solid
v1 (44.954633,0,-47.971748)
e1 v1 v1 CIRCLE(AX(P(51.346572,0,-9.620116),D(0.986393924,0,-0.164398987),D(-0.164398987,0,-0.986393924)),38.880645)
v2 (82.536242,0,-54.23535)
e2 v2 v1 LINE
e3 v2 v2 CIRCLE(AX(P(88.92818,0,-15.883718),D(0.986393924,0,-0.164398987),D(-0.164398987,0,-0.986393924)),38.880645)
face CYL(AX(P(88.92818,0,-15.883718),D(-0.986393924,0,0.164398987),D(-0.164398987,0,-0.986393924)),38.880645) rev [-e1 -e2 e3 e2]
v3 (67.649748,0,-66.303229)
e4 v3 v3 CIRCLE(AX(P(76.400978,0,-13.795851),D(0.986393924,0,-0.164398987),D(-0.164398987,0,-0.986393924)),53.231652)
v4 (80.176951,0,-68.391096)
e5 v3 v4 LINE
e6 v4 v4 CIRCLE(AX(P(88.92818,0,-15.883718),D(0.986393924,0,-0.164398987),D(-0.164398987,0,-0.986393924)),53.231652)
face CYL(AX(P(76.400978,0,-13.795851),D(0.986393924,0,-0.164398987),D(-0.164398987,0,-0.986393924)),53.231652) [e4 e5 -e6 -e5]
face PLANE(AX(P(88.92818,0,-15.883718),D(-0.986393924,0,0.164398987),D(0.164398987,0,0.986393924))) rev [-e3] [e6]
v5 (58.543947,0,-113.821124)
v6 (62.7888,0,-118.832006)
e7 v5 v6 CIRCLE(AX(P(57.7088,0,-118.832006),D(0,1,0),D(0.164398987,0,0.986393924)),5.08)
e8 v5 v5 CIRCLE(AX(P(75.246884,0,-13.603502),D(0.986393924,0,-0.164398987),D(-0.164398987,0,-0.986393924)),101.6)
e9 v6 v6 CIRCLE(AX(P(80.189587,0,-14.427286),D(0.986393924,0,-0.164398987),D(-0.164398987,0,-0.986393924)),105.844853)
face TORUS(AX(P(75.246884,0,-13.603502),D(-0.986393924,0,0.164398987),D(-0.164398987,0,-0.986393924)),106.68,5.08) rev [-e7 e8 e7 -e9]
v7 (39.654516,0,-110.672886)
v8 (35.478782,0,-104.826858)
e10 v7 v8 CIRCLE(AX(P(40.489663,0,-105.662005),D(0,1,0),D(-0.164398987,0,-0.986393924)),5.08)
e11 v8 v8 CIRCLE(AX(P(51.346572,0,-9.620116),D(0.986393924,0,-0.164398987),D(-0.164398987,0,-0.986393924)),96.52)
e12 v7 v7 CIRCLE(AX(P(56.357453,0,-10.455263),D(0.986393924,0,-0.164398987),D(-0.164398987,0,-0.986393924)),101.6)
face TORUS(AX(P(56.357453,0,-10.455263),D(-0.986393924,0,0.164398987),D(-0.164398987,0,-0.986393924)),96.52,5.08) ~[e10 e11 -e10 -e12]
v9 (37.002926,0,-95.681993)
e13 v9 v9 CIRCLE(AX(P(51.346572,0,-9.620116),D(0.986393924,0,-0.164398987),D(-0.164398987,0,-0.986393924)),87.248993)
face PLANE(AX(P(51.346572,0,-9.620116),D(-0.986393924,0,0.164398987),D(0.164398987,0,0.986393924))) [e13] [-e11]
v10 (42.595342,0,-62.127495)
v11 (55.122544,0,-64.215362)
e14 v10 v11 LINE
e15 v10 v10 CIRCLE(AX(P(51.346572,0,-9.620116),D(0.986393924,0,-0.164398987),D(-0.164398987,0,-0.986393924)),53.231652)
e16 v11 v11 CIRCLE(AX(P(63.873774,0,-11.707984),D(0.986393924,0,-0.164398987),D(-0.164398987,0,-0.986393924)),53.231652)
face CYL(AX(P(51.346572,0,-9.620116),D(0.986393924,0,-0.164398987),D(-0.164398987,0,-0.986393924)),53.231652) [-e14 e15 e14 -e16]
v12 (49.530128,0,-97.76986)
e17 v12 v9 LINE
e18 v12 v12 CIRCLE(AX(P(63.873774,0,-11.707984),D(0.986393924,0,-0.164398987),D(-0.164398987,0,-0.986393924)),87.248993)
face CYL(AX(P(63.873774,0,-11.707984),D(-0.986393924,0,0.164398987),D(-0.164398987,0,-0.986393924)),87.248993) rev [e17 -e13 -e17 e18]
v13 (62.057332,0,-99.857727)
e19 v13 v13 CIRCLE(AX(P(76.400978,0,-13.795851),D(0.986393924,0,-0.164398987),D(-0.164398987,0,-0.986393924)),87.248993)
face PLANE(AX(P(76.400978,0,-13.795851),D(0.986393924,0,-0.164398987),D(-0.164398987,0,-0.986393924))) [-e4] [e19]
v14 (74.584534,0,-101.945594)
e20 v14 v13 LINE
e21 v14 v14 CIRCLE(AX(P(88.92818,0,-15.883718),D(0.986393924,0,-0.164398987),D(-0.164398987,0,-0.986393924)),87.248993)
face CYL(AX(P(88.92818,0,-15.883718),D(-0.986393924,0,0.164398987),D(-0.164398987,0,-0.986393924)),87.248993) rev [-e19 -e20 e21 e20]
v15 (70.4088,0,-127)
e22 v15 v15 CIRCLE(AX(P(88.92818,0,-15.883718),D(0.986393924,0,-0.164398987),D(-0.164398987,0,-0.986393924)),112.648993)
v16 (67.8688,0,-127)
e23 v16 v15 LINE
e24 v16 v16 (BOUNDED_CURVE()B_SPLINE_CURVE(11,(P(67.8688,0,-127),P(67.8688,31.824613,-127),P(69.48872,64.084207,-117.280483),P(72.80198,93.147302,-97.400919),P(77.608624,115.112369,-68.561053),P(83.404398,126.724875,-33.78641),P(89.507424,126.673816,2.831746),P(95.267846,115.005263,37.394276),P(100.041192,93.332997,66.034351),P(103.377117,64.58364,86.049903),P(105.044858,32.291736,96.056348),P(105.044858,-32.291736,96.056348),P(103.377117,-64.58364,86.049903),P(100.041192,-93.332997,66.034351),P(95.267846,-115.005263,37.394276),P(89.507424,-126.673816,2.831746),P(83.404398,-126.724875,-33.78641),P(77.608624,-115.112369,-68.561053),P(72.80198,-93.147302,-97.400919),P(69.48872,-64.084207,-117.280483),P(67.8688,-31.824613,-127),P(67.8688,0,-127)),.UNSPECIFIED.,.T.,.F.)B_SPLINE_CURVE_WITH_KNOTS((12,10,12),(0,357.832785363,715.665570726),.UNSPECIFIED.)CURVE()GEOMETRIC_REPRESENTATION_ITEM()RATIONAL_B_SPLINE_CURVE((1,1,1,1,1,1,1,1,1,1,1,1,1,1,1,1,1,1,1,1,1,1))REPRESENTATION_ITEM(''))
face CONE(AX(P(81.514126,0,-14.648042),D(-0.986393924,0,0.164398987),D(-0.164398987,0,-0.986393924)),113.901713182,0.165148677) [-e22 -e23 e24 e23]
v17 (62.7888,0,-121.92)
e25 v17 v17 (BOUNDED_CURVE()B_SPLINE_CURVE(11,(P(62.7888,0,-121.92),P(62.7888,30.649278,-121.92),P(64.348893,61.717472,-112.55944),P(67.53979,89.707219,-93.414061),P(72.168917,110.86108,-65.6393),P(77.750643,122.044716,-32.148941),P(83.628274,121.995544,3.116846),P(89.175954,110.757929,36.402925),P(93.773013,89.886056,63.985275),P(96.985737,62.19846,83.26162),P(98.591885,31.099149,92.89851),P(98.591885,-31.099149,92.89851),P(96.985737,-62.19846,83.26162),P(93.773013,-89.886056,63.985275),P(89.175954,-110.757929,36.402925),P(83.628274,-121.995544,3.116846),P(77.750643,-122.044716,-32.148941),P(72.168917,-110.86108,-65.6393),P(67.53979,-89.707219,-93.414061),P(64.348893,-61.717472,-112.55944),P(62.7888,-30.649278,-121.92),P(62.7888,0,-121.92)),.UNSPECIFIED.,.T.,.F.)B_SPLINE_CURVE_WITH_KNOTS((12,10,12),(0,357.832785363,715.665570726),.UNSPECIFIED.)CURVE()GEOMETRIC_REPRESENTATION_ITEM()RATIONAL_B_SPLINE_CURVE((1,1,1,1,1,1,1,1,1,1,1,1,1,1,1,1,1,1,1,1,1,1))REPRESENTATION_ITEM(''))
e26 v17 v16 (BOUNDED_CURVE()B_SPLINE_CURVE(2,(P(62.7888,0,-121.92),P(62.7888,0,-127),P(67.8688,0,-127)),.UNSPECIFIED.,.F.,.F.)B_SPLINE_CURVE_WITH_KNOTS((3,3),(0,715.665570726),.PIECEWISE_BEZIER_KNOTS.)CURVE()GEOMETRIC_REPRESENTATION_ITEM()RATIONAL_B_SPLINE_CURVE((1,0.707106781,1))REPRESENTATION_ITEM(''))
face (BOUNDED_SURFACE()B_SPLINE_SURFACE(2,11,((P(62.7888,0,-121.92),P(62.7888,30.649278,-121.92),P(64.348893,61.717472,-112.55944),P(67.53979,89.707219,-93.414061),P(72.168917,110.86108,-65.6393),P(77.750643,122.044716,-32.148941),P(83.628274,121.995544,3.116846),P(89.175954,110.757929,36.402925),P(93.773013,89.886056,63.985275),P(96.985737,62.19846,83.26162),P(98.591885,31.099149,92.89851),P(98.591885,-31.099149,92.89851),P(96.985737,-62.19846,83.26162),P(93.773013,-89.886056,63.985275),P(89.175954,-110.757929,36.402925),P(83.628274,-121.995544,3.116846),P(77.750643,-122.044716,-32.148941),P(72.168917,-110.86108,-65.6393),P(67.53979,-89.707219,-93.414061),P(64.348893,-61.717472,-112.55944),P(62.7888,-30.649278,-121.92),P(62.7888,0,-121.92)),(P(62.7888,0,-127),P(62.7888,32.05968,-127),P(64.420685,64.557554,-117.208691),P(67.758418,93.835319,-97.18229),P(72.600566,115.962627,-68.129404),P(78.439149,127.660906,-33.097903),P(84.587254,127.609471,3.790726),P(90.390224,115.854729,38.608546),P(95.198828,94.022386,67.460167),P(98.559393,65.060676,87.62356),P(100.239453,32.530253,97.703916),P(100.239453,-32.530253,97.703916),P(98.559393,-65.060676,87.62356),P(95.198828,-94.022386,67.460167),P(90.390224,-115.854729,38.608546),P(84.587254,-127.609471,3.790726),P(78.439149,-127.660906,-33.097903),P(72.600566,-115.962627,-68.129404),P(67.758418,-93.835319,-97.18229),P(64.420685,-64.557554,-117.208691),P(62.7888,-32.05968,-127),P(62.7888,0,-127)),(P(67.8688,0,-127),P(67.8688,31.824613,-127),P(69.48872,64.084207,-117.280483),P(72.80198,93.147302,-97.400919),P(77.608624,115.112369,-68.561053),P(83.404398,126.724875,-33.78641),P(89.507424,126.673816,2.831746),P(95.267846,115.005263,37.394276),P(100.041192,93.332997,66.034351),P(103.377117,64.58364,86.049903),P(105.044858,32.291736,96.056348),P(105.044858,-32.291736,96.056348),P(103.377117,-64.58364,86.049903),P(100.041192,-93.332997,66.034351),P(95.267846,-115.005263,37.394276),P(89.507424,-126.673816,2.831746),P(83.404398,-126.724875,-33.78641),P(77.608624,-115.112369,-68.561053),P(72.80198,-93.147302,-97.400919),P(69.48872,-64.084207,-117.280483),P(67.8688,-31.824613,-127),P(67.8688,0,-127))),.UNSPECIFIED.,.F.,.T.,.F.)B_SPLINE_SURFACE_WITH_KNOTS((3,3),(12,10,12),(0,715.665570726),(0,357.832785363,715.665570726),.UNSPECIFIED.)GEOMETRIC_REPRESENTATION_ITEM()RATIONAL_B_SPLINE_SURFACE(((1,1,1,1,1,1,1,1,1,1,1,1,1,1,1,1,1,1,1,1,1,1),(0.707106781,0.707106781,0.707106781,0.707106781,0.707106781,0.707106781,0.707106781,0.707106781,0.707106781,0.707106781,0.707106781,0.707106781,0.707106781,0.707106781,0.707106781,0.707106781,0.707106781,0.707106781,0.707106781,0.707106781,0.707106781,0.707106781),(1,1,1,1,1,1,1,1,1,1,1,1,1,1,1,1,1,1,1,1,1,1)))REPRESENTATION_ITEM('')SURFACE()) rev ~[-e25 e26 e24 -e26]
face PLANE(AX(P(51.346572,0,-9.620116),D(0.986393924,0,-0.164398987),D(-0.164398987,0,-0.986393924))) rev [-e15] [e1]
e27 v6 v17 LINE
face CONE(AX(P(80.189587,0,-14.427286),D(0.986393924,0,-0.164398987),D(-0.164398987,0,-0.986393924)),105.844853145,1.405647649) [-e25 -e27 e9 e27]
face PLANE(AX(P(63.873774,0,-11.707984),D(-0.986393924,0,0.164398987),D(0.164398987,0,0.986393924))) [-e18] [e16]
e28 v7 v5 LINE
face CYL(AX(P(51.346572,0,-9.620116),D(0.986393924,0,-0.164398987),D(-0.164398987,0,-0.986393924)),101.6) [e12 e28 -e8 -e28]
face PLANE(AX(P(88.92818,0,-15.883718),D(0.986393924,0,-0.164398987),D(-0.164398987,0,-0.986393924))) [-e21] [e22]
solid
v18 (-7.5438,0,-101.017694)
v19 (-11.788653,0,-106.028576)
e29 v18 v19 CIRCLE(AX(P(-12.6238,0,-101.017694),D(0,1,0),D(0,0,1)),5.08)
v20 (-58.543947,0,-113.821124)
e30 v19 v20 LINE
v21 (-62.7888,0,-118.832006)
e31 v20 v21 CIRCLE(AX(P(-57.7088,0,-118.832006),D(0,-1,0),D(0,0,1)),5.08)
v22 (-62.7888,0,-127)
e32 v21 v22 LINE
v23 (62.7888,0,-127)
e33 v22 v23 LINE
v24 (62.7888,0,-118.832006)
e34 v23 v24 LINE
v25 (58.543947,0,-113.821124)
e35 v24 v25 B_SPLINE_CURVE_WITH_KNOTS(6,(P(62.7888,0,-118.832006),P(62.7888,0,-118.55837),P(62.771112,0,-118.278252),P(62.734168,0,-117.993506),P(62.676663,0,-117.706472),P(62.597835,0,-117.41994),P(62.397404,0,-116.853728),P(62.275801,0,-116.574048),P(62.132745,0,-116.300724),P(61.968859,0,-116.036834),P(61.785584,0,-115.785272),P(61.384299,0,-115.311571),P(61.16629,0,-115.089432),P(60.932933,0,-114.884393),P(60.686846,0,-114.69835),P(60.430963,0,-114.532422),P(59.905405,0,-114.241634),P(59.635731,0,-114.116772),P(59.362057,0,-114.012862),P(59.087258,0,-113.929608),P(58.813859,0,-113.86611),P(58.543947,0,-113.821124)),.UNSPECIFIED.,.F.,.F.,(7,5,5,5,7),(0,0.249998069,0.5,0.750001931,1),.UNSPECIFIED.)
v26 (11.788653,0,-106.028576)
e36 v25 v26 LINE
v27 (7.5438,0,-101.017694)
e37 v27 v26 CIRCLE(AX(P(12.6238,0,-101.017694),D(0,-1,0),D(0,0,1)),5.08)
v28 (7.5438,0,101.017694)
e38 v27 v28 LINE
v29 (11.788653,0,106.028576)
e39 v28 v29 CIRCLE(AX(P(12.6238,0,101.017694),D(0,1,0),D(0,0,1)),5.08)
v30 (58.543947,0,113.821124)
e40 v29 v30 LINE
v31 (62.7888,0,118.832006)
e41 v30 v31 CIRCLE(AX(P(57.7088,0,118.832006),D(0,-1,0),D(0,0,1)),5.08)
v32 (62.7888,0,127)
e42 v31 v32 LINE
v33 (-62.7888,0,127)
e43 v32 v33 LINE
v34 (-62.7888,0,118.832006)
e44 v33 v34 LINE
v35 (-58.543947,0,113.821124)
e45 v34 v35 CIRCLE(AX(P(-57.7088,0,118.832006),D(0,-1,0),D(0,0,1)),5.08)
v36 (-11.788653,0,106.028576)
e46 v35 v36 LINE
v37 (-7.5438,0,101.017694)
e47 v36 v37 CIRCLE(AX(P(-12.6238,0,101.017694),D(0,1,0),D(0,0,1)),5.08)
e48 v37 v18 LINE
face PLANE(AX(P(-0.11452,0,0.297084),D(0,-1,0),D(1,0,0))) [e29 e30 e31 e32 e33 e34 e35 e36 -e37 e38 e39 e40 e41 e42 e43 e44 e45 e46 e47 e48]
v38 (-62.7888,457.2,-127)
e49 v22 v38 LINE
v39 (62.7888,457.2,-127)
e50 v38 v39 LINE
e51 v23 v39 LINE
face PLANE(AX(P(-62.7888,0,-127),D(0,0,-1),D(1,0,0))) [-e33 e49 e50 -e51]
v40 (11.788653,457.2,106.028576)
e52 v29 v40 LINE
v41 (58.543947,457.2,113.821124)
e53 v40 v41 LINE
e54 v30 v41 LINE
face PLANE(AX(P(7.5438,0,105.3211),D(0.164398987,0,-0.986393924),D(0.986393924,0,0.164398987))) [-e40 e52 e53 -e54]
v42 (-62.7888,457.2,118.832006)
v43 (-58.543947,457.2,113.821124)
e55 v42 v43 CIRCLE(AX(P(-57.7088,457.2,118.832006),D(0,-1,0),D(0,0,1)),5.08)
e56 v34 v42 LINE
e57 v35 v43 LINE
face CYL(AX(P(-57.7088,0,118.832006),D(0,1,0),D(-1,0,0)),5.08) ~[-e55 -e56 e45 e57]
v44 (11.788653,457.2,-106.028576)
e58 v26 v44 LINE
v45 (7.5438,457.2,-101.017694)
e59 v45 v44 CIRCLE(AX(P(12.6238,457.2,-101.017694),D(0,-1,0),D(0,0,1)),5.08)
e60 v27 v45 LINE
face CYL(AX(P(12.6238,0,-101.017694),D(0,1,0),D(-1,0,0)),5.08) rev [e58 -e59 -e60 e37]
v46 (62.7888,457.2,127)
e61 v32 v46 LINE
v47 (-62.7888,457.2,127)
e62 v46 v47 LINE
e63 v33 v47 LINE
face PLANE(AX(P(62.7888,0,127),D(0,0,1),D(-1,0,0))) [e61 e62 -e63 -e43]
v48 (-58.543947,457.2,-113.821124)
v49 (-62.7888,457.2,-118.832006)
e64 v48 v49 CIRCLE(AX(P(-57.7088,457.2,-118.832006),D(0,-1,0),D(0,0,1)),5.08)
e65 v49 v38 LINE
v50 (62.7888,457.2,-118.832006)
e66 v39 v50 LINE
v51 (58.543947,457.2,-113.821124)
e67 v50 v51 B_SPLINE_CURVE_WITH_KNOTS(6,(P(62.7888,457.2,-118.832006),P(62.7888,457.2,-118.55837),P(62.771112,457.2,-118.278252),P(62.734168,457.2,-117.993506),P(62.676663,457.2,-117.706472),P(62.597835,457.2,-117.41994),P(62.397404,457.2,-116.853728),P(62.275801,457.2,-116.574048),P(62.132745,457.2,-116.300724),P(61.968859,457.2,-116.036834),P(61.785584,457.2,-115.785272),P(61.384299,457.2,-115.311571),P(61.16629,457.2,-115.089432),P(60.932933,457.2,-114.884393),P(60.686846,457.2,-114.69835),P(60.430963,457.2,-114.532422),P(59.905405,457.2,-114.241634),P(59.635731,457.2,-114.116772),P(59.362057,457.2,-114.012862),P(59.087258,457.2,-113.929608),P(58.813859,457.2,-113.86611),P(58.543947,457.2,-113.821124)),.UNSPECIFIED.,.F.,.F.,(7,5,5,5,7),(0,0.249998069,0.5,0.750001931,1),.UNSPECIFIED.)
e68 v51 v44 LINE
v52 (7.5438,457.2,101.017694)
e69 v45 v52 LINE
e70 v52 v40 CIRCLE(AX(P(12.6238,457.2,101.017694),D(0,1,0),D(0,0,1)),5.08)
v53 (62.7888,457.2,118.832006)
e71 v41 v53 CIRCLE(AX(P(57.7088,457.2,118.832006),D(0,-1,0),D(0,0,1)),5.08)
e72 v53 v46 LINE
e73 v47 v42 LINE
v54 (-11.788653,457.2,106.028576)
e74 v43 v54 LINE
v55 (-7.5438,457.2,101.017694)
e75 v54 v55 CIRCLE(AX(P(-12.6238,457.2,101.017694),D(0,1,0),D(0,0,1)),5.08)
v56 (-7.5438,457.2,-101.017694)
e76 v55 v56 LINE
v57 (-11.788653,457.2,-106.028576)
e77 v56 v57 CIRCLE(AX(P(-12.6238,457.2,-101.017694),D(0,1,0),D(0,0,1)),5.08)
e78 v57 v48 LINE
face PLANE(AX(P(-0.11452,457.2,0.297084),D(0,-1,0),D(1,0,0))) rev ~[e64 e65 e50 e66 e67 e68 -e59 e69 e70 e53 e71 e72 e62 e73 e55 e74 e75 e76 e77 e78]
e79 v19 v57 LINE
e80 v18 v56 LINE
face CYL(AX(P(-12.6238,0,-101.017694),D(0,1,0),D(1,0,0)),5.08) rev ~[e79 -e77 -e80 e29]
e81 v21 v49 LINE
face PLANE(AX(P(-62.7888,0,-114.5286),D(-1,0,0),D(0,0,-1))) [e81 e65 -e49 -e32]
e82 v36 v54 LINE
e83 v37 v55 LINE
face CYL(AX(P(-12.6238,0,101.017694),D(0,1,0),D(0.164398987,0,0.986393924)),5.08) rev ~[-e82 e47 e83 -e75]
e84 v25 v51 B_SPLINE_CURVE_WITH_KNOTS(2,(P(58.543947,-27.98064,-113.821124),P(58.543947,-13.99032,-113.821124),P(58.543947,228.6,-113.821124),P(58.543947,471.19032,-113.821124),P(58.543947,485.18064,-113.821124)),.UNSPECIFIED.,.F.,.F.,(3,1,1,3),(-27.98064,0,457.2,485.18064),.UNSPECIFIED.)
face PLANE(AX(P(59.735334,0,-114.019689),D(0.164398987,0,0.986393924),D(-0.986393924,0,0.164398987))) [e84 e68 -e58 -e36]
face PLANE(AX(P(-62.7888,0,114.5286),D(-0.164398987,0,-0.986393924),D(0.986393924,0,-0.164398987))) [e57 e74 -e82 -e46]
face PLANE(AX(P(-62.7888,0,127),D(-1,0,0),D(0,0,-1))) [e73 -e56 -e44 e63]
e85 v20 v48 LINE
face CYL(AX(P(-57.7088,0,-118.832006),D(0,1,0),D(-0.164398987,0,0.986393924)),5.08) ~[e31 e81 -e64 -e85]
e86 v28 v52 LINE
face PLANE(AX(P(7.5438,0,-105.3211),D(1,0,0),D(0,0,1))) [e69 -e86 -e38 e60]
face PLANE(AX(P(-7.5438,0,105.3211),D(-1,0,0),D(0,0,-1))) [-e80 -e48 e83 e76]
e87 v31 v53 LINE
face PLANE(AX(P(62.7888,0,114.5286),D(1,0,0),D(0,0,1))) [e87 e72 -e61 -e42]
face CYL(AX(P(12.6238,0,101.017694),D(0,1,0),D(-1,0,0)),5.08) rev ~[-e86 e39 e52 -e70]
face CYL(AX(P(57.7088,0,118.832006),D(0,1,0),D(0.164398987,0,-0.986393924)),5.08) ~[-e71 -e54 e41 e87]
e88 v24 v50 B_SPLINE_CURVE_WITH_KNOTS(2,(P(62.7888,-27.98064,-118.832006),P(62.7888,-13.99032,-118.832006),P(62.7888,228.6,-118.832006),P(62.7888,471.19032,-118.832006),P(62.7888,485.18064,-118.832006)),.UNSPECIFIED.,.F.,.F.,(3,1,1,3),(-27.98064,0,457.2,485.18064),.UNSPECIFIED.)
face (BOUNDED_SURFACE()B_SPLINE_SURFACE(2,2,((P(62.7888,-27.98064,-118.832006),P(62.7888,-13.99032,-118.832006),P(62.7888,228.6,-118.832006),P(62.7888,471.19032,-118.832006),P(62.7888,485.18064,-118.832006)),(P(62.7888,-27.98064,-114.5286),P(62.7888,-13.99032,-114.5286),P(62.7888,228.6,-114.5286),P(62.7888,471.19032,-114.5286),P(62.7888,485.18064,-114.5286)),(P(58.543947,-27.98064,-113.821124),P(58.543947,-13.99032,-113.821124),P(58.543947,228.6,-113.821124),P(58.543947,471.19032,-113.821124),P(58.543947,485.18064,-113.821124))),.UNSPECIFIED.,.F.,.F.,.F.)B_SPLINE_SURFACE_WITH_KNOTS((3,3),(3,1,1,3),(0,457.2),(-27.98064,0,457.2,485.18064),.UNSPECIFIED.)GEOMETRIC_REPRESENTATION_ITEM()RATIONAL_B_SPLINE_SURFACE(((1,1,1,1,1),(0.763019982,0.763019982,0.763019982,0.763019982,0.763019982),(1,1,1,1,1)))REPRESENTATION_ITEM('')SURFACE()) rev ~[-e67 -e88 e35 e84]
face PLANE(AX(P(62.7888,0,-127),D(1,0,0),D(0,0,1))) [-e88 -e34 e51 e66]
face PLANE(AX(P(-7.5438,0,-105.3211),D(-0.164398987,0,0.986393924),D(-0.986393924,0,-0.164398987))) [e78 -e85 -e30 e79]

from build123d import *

# Parameters (mm, degrees)
F1_DEPTH = 457.2
F2_R     = 5.08
F5_R     = 5.08


with BuildPart() as f1:
    # F0 (on Front) → F1 (new body)
    with BuildSketch(Plane.XZ):
        Polygon((7.5438, -105.3211), (7.5438, 105.3211), (47.5488, 111.9886), (47.5488, 114.5286), (62.7888, 114.5286), (62.7888, 127), (-62.7888, 127), (-62.7888, 114.5286), (-47.5488, 114.5286), (-47.5488, 111.9886), (-7.5438, 105.3211), (-7.5438, -105.3211), (-47.5488, -111.9886), (-47.5488, -114.5286), (-62.7888, -114.5286), (-62.7888, -127), (62.7888, -127), (62.7888, -114.5286), (59.7353338065, -114.0196889677), align=None)
        Polygon((47.5488, 114.5286), (47.5488, 111.9886), (62.7888, 114.5286), align=None)
        Polygon((-47.5488, 114.5286), (-62.7888, 114.5286), (-47.5488, 111.9886), align=None)
        Polygon((-47.5488, -111.9886), (-62.7888, -114.5286), (-47.5488, -114.5286), align=None)
    extrude(amount=-F1_DEPTH)

    # F2
    f2_edges = [f1.edges().sort_by_distance(p)[0] for p in [
        (7.5438, 228.6, -105.3211),
        (-7.5438, 228.6, -105.3211),
        (-7.5438, 228.6, 105.3211),
        (7.5438, 228.6, 105.3211),
        (62.7888, 228.6, -114.5286),
        (-62.7888, 228.6, -114.5286),
        (-62.7888, 228.6, 114.5286),
        (62.7888, 228.6, 114.5286),
    ]]
    fillet(f2_edges, radius=F2_R)


with BuildPart() as f4:
    # F3 (on face) → F4 (revolve)
    with BuildSketch(Plane.XZ):
        with BuildLine():
            Line((34.6436347452, -109.8377391242), (58.5439468555, -113.8211244759))
            ThreePointArc((58.5439468555, -113.8211244759), (61.584941511, -115.5484211366), (62.7888, -118.832005609))
            Line((62.7888, -118.832005609), (62.7888, -127))
            Line((62.7888, -127), (70.4088, -127))
            Line((70.4088, -127), (74.5845342776, -101.9455943347))
            Line((74.5845342776, -101.9455943347), (62.0573320043, -99.8577272891))
            Line((62.0573320043, -99.8577272891), (67.6497483741, -66.3032290705))
            Line((67.6497483741, -66.3032290705), (80.1769506473, -68.391096116))
            Line((80.1769506473, -68.391096116), (82.5362416816, -54.2353499101))
            Line((82.5362416816, -54.2353499101), (44.9546331836, -47.9717484938))
            Line((44.9546331836, -47.9717484938), (42.5953421493, -62.1274946997))
            Line((42.5953421493, -62.1274946997), (55.1225444226, -64.2153617452))
            Line((55.1225444226, -64.2153617452), (49.5301280528, -97.7698599639))
            Line((49.5301280528, -97.7698599639), (37.0029257796, -95.6819929183))
            Line((37.0029257796, -95.6819929183), (34.6436347452, -109.8377391242))
        make_face()
    revolve(axis=Axis((61.995234676, 0, -11.3948935996), (0.9863939238, 0, -0.1643989873)))

    # F5
    f5_edges = [f4.edges().sort_by_distance(p)[0] for p in [
        (68.049509, 0, 90.597506),
        (97.590373, 0, 89.977434),
        (100.239453, 0, 97.703916),
        (62.7888, 0, -122.916003),
    ]]
    fillet(f5_edges, radius=F5_R)


solid = Compound([f1.part, f4.part])
